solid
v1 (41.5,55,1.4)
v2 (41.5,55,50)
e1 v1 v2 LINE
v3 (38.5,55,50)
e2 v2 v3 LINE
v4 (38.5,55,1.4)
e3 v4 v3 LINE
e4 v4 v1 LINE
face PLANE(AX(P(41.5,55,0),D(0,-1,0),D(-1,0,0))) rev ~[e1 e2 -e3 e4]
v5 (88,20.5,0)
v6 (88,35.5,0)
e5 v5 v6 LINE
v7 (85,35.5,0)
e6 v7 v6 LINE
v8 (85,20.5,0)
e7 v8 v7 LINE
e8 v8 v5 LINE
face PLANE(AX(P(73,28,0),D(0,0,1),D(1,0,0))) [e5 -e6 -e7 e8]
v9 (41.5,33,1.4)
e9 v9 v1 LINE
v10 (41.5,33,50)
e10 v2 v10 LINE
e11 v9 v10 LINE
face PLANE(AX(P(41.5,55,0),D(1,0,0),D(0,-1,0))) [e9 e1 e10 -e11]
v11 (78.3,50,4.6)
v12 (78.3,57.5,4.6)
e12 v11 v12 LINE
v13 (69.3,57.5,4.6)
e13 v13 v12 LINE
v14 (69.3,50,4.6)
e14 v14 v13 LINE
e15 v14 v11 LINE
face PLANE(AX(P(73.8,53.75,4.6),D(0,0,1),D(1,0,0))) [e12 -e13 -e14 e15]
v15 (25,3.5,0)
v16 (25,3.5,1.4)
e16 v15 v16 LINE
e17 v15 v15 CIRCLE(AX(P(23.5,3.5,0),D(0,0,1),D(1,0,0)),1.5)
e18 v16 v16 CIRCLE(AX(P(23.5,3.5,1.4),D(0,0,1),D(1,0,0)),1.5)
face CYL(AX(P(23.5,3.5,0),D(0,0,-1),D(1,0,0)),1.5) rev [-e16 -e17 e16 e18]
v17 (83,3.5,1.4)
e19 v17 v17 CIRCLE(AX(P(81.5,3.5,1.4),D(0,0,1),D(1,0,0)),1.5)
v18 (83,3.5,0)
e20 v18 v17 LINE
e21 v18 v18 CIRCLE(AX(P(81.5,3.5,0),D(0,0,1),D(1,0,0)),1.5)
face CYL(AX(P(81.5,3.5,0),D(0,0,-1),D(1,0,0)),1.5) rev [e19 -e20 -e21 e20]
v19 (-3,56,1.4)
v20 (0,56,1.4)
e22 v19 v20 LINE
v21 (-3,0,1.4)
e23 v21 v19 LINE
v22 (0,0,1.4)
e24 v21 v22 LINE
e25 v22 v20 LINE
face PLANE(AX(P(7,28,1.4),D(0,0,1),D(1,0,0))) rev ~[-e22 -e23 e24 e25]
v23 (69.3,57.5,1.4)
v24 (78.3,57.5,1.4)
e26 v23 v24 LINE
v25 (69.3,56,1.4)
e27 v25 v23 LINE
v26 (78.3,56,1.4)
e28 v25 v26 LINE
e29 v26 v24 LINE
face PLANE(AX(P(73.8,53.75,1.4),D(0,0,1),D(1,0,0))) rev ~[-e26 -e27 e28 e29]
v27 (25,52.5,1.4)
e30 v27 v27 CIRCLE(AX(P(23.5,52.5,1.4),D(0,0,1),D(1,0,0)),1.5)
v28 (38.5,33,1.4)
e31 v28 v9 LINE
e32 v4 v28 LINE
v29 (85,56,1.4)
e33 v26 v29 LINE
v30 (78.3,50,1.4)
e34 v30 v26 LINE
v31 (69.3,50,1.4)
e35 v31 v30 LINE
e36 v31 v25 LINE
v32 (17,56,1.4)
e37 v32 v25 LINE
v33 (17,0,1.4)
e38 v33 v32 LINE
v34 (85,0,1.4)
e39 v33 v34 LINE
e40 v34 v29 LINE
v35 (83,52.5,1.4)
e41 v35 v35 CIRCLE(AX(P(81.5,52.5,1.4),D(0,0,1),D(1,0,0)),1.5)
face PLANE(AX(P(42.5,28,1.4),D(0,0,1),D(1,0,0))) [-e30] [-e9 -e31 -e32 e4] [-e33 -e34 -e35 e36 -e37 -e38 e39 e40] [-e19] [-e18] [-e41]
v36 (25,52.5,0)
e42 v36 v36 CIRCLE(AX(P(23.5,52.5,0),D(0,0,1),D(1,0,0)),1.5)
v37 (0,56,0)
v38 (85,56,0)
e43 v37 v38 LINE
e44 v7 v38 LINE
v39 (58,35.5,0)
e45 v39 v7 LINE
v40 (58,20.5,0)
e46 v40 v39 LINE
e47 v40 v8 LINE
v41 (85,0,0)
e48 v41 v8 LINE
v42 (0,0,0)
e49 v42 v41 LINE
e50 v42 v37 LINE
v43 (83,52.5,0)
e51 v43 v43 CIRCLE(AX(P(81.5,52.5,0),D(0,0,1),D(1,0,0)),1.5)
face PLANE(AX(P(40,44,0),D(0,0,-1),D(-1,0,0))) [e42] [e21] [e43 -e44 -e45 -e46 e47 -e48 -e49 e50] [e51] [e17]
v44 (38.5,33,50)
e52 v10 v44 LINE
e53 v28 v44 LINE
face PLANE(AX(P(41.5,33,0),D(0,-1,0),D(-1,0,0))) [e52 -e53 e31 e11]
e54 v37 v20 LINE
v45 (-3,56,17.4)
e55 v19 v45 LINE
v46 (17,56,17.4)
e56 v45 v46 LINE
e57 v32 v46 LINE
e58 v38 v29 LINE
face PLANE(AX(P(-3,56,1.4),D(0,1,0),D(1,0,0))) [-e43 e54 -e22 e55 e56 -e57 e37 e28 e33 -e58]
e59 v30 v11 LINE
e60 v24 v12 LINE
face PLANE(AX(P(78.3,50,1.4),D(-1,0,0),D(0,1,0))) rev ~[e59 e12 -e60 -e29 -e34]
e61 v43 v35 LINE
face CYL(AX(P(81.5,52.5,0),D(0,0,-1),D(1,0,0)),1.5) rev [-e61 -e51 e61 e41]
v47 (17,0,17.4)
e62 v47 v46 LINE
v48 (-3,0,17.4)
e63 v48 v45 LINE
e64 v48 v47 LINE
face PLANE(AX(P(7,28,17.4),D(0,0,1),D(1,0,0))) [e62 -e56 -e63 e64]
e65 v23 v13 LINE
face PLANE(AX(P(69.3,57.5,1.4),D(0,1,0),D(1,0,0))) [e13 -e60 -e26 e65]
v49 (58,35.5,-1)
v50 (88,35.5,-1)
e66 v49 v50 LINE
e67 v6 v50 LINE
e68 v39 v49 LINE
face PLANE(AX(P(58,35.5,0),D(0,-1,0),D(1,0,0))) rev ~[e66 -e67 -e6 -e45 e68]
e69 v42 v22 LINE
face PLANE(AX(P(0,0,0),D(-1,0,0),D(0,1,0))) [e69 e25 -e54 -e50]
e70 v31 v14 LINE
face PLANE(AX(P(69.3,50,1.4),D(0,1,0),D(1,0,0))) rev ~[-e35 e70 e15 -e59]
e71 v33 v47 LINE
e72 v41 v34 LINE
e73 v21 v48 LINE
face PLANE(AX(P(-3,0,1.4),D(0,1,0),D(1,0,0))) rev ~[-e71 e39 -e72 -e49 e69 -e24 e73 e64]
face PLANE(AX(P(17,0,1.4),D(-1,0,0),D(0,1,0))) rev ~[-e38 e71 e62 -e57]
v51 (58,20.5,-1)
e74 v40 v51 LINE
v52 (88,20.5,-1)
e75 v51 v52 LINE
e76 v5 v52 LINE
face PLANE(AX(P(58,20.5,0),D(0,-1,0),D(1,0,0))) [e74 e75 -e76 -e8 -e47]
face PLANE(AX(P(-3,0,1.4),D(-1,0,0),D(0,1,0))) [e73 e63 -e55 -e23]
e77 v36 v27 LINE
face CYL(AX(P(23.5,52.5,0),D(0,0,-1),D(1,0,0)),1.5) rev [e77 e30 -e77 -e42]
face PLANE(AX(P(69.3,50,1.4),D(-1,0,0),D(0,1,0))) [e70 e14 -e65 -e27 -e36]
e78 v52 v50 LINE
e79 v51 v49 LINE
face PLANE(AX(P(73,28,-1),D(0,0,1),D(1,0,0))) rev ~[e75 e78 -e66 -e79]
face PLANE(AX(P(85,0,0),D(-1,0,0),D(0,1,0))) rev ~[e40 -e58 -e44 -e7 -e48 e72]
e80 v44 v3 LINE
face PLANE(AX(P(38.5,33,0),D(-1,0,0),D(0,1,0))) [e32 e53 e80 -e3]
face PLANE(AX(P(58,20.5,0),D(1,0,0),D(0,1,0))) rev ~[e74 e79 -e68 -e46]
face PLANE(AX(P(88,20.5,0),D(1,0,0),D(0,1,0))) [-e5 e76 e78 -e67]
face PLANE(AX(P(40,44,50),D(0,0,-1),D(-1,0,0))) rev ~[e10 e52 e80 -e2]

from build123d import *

# Parameters (mm, degrees)
SKETCH005_W  = 85
SKETCH005_H  = 56
SKETCH005_R  = 1.5
PAD003_DEPTH = 1.4
SKETCH009_W  = 20
SKETCH009_H  = 56
PAD007_DEPTH = 16
SKETCH010_W  = 30
SKETCH010_H  = 15
PAD008_DEPTH = 1
SKETCH011_W  = 9
SKETCH011_H  = 7.5
PAD009_DEPTH = 3.2
PAD010_DEPTH = 50


with BuildPart() as part:
    # Sketch005 → Pad003 (new body)
    with BuildSketch(Plane.XY):
        with Locations((42.5, 28)):
            Rectangle(SKETCH005_W, SKETCH005_H)
        with Locations((23.5, 52.5)):
            Circle(SKETCH005_R, mode=Mode.SUBTRACT)
        with Locations((23.5, 3.5)):
            Circle(SKETCH005_R, mode=Mode.SUBTRACT)
        with Locations((81.5, 52.5)):
            Circle(SKETCH005_R, mode=Mode.SUBTRACT)
        with Locations((81.5, 3.5)):
            Circle(SKETCH005_R, mode=Mode.SUBTRACT)
    extrude(amount=PAD003_DEPTH)

    # Sketch009 → Pad007 (join)
    with BuildSketch(Plane.XY.offset(1.4)):
        with Locations((7, 28)):
            Rectangle(SKETCH009_W, SKETCH009_H)
    extrude(amount=PAD007_DEPTH)

    # Sketch010 → Pad008 (join)
    with BuildSketch(Plane.XY):
        with Locations((73, 28)):
            Rectangle(SKETCH010_W, SKETCH010_H)
    extrude(amount=-PAD008_DEPTH)

    # Sketch011 → Pad009 (join)
    with BuildSketch(Plane.XY.offset(1.4)):
        with Locations((73.8, 53.75)):
            Rectangle(SKETCH011_W, SKETCH011_H)
    extrude(amount=PAD009_DEPTH)

    # Sketch013 → Pad010 (join)
    with BuildSketch(Plane.XY):
        Polygon((41.5, 55), (41.5, 33), (38.5, 33), (38.5, 55), (40, 55), align=None)
    extrude(amount=PAD010_DEPTH)


solid = part.part
